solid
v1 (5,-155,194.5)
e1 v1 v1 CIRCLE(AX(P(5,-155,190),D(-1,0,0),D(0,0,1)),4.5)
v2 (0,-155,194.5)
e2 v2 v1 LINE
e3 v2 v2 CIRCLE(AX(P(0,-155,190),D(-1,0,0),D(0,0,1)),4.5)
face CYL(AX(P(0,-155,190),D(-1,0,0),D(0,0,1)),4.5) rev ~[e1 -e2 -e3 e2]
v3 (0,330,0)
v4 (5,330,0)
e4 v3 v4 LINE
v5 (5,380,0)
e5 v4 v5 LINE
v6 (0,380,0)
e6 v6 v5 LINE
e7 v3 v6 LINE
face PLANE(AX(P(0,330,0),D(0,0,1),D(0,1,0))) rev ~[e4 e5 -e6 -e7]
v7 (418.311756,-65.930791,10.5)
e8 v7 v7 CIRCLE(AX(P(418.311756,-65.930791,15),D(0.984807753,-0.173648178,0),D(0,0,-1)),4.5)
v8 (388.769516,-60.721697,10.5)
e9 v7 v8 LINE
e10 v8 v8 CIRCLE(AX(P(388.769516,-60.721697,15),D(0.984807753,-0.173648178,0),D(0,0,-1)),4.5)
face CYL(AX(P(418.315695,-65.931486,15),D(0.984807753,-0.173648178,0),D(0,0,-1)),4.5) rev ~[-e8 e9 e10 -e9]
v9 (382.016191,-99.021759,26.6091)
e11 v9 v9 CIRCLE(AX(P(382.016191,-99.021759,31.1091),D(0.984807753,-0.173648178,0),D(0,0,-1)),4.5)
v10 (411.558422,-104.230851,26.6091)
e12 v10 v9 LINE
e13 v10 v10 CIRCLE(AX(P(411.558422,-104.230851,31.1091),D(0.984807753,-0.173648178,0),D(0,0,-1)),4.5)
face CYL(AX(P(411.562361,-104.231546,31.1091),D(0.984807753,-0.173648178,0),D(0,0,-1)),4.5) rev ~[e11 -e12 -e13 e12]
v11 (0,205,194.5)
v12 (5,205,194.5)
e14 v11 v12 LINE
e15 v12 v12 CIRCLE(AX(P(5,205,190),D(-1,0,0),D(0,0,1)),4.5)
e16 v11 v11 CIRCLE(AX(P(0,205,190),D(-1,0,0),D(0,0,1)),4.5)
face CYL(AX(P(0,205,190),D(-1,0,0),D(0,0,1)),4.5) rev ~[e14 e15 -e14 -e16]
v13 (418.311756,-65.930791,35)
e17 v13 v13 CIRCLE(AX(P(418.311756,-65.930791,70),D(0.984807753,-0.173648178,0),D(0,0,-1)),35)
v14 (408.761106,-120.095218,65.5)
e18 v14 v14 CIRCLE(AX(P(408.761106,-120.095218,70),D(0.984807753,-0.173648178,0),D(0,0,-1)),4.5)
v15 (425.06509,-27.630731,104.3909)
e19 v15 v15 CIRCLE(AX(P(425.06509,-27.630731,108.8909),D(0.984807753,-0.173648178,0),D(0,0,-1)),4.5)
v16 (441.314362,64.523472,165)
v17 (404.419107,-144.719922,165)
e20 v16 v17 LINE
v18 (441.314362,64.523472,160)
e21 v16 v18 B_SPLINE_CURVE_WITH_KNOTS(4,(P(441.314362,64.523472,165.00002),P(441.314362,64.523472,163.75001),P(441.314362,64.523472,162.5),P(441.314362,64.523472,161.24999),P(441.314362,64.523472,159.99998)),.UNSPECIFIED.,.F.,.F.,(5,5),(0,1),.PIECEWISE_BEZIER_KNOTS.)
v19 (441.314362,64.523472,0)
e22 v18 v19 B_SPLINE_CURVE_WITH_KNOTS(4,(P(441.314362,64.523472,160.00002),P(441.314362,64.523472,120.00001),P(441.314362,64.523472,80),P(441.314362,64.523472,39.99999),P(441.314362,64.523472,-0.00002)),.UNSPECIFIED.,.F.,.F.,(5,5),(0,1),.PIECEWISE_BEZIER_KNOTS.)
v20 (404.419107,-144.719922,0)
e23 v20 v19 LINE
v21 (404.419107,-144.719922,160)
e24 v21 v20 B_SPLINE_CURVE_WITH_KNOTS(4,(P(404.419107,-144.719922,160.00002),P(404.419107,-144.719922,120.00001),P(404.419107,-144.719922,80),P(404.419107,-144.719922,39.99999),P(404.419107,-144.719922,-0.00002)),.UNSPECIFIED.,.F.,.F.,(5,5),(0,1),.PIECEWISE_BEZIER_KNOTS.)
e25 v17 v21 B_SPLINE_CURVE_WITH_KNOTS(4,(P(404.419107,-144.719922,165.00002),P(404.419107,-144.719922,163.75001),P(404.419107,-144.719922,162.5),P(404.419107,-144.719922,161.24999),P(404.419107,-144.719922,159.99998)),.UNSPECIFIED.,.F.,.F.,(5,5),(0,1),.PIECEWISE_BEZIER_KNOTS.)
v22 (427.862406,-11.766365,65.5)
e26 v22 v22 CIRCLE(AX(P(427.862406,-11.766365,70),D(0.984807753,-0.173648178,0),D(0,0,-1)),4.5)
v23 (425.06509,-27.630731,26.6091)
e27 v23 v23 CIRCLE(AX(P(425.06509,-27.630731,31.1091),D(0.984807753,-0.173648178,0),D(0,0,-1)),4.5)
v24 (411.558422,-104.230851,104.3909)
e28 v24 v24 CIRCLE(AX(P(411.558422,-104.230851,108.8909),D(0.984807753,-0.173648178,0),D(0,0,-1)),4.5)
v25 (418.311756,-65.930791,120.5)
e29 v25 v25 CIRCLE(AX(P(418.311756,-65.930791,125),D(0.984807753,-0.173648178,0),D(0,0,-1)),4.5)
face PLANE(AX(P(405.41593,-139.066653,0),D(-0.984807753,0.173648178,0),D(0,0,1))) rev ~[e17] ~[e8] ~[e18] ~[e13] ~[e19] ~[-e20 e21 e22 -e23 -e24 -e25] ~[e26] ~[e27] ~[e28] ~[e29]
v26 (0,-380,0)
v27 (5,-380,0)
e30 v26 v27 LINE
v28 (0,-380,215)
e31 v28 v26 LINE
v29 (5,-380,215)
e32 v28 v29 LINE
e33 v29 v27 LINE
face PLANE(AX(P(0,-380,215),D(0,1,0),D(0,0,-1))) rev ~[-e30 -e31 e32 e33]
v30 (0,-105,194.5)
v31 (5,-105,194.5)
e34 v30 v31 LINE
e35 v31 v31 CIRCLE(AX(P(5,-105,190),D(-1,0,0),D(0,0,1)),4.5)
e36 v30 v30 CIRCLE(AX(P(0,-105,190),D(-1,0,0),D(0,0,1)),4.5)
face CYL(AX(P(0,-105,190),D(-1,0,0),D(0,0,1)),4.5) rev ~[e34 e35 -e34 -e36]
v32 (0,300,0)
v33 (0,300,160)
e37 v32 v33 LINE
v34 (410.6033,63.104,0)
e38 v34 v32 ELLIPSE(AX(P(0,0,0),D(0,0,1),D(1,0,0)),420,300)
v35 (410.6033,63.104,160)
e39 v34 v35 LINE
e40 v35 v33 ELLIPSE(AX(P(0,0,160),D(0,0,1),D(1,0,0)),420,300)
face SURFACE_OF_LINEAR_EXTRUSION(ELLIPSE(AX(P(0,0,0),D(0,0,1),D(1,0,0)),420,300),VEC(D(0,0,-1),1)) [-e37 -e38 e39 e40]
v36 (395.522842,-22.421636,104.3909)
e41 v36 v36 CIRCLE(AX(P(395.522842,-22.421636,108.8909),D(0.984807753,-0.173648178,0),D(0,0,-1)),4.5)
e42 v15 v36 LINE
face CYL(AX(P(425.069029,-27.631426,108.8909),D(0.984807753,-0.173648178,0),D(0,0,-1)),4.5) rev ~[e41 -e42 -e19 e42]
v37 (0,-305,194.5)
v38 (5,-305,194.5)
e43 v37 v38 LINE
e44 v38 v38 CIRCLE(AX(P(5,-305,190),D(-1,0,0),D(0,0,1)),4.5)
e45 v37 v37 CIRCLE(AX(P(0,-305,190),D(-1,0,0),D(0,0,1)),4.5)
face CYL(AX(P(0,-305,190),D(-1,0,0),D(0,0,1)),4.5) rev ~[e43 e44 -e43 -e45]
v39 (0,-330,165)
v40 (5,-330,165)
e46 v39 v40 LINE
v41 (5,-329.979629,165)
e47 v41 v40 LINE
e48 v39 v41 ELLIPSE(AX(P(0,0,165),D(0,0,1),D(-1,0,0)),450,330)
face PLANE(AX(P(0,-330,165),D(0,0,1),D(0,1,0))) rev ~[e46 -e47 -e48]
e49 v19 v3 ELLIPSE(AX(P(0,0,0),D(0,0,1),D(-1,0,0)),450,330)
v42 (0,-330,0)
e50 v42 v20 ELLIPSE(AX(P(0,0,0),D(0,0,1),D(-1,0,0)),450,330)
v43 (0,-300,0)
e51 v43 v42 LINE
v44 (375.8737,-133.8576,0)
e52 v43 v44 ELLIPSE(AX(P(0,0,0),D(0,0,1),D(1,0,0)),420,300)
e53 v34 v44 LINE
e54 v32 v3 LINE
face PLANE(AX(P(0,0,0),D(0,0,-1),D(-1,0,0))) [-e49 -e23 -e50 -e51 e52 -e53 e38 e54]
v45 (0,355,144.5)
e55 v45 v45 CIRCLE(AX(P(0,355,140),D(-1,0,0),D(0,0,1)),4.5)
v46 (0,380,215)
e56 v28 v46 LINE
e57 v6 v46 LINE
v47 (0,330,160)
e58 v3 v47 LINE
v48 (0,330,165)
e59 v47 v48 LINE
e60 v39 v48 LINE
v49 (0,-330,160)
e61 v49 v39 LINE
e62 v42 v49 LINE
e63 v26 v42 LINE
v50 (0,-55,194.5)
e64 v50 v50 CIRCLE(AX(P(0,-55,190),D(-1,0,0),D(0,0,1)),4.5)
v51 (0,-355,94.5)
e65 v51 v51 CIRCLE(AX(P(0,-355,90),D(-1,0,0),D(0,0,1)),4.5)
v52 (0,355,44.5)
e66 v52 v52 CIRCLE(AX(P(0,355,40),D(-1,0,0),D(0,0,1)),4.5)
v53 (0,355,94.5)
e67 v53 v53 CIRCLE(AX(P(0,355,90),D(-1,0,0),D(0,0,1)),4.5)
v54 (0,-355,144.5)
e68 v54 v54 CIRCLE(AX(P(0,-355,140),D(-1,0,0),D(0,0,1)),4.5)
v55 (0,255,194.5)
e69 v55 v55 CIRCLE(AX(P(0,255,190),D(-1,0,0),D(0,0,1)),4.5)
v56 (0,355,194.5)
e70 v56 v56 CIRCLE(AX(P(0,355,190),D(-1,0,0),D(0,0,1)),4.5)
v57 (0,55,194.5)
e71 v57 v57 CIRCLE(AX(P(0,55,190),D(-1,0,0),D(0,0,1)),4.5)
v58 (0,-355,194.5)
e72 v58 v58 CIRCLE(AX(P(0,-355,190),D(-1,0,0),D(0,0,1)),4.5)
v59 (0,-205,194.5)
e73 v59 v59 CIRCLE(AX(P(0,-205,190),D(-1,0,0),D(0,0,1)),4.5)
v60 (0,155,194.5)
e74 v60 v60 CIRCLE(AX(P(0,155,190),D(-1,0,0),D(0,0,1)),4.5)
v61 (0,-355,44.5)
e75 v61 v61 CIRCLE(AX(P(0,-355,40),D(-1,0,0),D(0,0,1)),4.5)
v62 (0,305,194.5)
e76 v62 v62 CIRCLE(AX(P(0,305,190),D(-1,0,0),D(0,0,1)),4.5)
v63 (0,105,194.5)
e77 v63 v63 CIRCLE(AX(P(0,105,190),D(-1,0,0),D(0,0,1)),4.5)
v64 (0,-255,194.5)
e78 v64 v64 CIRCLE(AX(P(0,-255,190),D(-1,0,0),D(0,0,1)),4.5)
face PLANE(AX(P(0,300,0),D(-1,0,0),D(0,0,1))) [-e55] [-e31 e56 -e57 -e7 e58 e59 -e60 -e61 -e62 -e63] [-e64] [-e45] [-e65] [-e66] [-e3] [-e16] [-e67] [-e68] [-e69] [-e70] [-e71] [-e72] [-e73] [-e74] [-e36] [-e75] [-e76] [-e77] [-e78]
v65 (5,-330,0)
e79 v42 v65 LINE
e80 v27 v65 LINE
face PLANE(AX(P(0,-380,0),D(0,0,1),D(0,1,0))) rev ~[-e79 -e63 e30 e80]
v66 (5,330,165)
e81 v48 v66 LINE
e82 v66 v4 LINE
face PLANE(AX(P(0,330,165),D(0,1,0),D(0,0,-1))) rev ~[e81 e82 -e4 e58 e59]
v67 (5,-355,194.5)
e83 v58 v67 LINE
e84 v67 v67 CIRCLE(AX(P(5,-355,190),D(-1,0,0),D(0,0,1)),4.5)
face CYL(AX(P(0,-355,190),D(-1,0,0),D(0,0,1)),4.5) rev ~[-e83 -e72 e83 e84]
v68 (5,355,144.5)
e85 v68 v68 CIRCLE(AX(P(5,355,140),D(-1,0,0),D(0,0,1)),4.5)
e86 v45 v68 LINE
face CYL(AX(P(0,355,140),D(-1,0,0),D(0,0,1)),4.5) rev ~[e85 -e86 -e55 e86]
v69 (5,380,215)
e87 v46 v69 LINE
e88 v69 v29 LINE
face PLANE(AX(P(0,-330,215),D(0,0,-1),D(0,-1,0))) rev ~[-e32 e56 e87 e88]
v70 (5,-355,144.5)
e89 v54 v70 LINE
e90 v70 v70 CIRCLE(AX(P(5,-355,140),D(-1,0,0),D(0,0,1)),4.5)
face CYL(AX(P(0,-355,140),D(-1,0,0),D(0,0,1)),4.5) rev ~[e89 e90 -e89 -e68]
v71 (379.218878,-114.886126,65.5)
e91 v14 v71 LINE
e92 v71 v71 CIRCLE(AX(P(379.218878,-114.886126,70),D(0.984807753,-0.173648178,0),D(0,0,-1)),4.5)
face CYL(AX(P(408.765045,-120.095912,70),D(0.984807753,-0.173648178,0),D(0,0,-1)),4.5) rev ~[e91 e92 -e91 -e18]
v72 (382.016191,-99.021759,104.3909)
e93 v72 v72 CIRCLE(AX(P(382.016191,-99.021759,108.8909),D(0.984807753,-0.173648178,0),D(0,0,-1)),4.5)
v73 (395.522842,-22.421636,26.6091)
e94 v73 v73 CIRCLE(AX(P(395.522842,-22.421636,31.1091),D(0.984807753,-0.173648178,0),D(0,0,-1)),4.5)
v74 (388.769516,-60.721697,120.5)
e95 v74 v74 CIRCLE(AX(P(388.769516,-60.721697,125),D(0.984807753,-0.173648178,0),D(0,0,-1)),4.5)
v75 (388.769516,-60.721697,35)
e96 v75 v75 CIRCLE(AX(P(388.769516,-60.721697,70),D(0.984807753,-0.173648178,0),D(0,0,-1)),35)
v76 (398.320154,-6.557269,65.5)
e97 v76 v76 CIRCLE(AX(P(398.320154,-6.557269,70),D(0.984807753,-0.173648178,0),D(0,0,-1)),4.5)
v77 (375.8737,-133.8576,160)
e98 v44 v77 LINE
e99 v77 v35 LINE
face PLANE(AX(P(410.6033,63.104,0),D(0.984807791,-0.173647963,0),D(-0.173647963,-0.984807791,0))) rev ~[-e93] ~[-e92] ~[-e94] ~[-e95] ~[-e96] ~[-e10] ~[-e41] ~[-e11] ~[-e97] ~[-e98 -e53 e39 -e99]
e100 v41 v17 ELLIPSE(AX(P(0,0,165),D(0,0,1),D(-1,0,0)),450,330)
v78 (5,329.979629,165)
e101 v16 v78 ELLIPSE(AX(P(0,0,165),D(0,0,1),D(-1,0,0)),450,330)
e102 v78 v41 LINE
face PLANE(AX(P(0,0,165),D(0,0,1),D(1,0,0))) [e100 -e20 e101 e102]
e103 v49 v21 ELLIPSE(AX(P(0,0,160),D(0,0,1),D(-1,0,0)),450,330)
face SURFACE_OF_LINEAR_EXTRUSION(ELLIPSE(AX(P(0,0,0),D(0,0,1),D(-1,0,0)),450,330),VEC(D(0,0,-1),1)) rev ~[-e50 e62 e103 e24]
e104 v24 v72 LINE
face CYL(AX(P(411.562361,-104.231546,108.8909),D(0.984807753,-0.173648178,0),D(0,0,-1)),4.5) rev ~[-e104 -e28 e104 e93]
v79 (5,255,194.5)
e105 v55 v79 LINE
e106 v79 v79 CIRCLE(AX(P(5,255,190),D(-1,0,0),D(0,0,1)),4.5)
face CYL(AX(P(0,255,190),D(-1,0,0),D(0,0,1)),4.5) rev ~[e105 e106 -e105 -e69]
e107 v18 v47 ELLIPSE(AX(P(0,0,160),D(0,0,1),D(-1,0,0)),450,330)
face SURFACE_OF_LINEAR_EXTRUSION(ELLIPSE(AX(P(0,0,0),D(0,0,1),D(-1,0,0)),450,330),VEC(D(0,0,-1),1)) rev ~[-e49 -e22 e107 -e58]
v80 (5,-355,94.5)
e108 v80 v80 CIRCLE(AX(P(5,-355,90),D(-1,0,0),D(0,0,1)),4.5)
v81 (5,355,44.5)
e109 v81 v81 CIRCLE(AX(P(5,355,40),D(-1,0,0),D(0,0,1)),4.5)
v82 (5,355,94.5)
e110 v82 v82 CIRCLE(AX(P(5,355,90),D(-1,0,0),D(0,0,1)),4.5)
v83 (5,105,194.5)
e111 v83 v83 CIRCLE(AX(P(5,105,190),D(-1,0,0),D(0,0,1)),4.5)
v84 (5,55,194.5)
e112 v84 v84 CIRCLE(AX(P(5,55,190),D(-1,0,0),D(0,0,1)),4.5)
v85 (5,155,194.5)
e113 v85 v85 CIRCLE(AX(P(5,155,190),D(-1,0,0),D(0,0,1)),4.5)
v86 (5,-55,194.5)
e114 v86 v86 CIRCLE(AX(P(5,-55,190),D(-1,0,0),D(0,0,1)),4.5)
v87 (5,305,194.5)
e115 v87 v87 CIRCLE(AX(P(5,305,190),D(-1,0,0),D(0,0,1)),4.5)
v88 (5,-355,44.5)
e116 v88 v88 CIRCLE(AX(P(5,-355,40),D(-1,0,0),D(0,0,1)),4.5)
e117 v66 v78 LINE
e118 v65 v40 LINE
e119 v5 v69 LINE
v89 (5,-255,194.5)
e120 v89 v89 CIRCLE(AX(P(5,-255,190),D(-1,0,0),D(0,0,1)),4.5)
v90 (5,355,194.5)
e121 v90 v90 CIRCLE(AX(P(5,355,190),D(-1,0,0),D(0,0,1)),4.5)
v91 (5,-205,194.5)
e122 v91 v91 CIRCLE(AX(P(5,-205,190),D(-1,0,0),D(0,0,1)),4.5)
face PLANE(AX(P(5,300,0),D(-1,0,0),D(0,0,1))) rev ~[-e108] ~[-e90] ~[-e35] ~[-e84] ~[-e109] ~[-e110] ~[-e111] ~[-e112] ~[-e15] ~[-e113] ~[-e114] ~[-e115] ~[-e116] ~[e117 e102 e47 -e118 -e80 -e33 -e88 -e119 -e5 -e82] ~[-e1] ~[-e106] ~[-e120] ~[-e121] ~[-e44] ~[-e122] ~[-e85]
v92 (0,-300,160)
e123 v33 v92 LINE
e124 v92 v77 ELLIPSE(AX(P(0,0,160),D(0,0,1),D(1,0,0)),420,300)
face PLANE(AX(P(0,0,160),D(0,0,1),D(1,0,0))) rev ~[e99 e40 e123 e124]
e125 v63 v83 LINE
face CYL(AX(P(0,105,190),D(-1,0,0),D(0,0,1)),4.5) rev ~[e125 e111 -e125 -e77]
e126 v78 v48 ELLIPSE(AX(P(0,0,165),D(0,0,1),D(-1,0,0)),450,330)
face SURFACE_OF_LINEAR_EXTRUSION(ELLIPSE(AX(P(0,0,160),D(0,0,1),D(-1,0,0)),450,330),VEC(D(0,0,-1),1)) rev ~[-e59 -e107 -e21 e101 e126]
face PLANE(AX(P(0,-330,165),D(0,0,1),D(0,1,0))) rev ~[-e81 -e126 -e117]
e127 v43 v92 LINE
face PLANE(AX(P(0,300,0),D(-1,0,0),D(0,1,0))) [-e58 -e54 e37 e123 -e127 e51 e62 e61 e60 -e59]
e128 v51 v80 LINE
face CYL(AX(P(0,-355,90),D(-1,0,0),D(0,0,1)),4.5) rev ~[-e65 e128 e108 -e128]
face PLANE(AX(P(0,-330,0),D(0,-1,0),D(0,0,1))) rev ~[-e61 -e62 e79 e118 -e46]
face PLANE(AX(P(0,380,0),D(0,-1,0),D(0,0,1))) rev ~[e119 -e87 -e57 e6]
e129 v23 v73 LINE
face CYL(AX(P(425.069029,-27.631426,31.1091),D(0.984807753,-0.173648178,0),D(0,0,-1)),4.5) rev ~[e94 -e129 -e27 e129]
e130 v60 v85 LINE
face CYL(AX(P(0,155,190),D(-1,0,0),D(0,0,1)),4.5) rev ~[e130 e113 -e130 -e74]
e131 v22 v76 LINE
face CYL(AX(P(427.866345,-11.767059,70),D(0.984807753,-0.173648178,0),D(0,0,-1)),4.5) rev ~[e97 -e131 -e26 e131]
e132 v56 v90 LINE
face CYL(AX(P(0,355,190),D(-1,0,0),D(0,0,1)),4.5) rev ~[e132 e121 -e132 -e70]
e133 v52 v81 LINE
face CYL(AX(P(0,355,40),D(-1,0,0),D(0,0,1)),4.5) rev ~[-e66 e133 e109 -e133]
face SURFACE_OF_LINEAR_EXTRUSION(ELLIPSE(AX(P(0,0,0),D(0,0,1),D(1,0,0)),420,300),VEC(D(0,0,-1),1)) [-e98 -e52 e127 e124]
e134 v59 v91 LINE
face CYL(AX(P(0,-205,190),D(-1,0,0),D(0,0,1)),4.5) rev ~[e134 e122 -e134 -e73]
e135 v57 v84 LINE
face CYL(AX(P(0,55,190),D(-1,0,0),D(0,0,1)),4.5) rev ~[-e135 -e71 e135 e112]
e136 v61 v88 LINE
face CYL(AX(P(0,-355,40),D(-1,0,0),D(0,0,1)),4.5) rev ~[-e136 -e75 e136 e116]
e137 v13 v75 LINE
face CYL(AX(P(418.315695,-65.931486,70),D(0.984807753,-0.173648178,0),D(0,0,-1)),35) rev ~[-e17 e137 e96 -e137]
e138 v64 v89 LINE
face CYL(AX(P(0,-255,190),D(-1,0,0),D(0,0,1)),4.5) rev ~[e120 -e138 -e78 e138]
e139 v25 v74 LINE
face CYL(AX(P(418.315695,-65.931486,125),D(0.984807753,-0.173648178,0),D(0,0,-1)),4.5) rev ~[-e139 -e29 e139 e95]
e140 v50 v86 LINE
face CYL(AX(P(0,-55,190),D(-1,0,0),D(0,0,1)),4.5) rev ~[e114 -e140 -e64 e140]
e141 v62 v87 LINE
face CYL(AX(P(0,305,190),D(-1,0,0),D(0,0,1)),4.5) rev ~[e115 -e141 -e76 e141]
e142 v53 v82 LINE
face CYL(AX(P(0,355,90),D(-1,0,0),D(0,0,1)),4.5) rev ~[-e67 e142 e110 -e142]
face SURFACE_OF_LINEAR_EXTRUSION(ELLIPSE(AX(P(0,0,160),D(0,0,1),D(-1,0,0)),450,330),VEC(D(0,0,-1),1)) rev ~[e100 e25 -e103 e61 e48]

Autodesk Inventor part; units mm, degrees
ref_plane "YZ Plane" through (0, 0, 0) normal (1, 0, 0) x (0, 1, 0)
ref_plane "XZ Plane" through (0, 0, 0) normal (0, 1, 0) x (-1, 0, 0)
sketch "Sketch1" plane through (0, 0, 0) normal (0, 0, 1) x (1, 0, 0)
  ellipse E0 centre (0, 0) end of major axis (0, 330) minor radius 450 (0, -330) -> (0, 330) ccw
  ellipse E1 centre (0, 0) end of major axis (420, 0) minor radius 300 (0, -300) -> (0, 300) ccw
  line L0 (0, 300) -> (0, 330)
  line L1 (0, -300) -> (0, -330)
  line L2 (420, 0) -> (450, 0)
  dimension "d0" = 420
  dimension "d1" = 450
  dimension "d2" = 300
  dimension "d3" = 330
extrude "Extrusion1" add sketch "Sketch1" along normal blind 160
sketch "Sketch3" plane through (0, 0, 0) normal (0, 0, -1) x (-1, 0, 0)
  ellipse E0 centre (0, 0) end of major axis (420, 0) minor radius 300 (0, 300) -> (0, -300) ccw projected
  line L0 (-410.6033, 63.104) -> (-375.8737, -133.8576)
  line L1 (-375.8737, -133.8576) -> (-428.5073, -143.1383)
  line L2 (-428.5073, -143.1383) -> (-456.291, 14.4309)
  line L3 (0, 300) -> (0, -300) projected
  ellipse E1 centre (0, 0) end of major axis (450, 0) minor radius 330 (0, 330) -> (0, -330) ccw projected
  line L4 (-456.291, 14.4309) -> (-439.6592, 70.3382)
  line L5 (-428.5073, -143.1383) -> (-336.4493, -219.1451)
  line L6 (-336.4493, -219.1451) -> (-375.8737, -133.8576)
  line L7 (-410.6033, 63.104) -> (-439.6592, 70.3382)
  line L8 (-393.2385, -35.3768) -> (260.9914, 90.2506)
  line L9 (260.9914, 90.2506) -> (260.9914, 44.7879)
  line L10 (260.9914, 44.7879) -> (0, 40.1342)
  dimension "d8" = 200
  dimension "d9" = 10
  dimension "d12" = 45.4627
  dimension "d13" = 160
extrude "Extrusion2" add sketch "Sketch3" against normal blind 160 contours L0 E0
sketch "Sketch7" plane through (0, 0, 160) normal (0, 0, 1) x (1, 0, 0)
  ellipse E0 centre (0, 0) end of major axis (-450, 0) minor radius 330 (0, -330) -> (0, 330) ccw projected
  line L0 (0, 330) -> (0, 300) projected
  ellipse E1 centre (0, 0) end of major axis (-420, 0) minor radius 300 (410.6033, 63.104) -> (0, 300) ccw projected
  line L1 (410.6033, 63.104) -> (375.8737, -133.8576) projected
  ellipse E2 centre (0, 0) end of major axis (-420, 0) minor radius 300 (0, -300) -> (375.8737, -133.8576) ccw projected
  line L2 (0, -300) -> (0, -330) projected
  line L3 (0, -300) -> (0, 300)
extrude "Extrusion6" add sketch "Sketch7" along normal blind 5
ref_plane "Work Plane2" through (405.4179, -139.067, 0) normal (-0.9848, 0.1736, 0) x (0, 0, 1)
sketch "Sketch8" plane through (405.4179, -139.067, 0) normal (-0.9848, 0.1736, 0) x (0, 0, 1)
  circle A0 centre (80.8275, 83.1092) radius 366.3368
  point P0 (0, 66.5542)
extrude "Extrusion7" cut sketch "Sketch8" against normal blind 200
sketch "Sketch9" plane through (0, 300, 0) normal (-1, 0, 0) x (0, 0, 1)
  line L0 (0, -630) -> (0, -444.7158) projected
  line L1 (0, -630) -> (215, -630)
  line L2 (215, -630) -> (215, -680)
  line L3 (215, -680) -> (0, -680)
  line L4 (0, -680) -> (0, -630)
  line L5 (165, -235.481) -> (165, 30) projected
  line L6 (215, -630) -> (165, -630)
  line L7 (165, -630) -> (165, 30)
  line L8 (165, 30) -> (215, 30)
  line L9 (215, 30) -> (215, -630)
  line L10 (215, 30) -> (0, 30)
  line L11 (0, 30) -> (0, 80)
  line L12 (0, 80) -> (215, 80)
  line L13 (215, 80) -> (215, 30)
  circle A0 centre (190, -655) radius 4.5
  circle A1 centre (140, -655) radius 4.5
  circle A2 centre (90, -655) radius 4.5
  circle A3 centre (40, -655) radius 4.5
  circle A4 centre (190, -605) radius 4.5
  circle A5 centre (190, -555) radius 4.5
  circle A6 centre (190, -505) radius 4.5
  circle A7 centre (190, -455) radius 4.5
  circle A8 centre (190, -405) radius 4.5
  circle A9 centre (190, -355) radius 4.5
  line L14 (215, -300) -> (251.9501, -300)
  circle A10 centre (190, 55) radius 4.5
  circle A11 centre (140, 55) radius 4.5
  circle A12 centre (90, 55) radius 4.5
  circle A13 centre (40, 55) radius 4.5
  circle A14 centre (190, 5) radius 4.5
  circle A15 centre (190, -45) radius 4.5
  circle A16 centre (190, -95) radius 4.5
  circle A17 centre (190, -145) radius 4.5
  circle A18 centre (190, -195) radius 4.5
  circle A19 centre (190, -245) radius 4.5
  point P0 (0, -300)
  dimension "d34" = 50
  dimension "d35" = 50
  dimension "d36" = 50
  dimension "d39" = 9
  dimension "d40" = 25
  dimension "d41" = 25
  dimension "d44" = 50
  dimension "d51" = 50
sketch "Sketch10" plane through (0, 300, 0) normal (-1, 0, 0) x (0, 0, 1)
  point P0 (0, -300)
extrude "Extrusion8" add sketch "Sketch9" against normal blind 5
sketch "Sketch11" plane through (405.4179, -139.067, 0) normal (0.9848, -0.1736, 0) x (0, 0, -1)
  circle A0 centre (-70, 74.2641) radius 35
  circle A1 centre (-70, 129.2641) radius 4.5
  line L0 (0, -5.7359) -> (-165, -5.7359) projected
  line L1 (-165, 206.7266) -> (0, 206.7266) projected
  line L2 (-165, -5.7359) -> (-165, 206.7266) projected
  circle A2 centre (-108.8909, 113.155) radius 4.5
  circle A3 centre (-125, 74.2641) radius 4.5
  circle A4 centre (-108.8909, 35.3732) radius 4.5
  circle A5 centre (-70, 19.2641) radius 4.5
  circle A6 centre (-31.1091, 35.3732) radius 4.5
  circle A7 centre (-15, 74.2641) radius 4.5
  circle A8 centre (-31.1091, 113.155) radius 4.5
  line L3 (0, 206.7266) -> (0, -5.7359) projected
  point P0 (0, 66.5542)
  dimension "d56" = 70
  dimension "d57" = 9
  dimension "d58" = 55
  dimension "d59" = 212.4625
  dimension "d64" = 360
  dimension "d66" = 0
  dimension "d69" = 80
  dimension "d70" = 70
extrude "Extrusion9" cut sketch "Sketch11" against normal blind 50 contours A0 | A1 | A2 | A3 | A4 | A5 | A6 | A7 | A8
properties part number "eggshellCorePrinted" material "GFRC"
